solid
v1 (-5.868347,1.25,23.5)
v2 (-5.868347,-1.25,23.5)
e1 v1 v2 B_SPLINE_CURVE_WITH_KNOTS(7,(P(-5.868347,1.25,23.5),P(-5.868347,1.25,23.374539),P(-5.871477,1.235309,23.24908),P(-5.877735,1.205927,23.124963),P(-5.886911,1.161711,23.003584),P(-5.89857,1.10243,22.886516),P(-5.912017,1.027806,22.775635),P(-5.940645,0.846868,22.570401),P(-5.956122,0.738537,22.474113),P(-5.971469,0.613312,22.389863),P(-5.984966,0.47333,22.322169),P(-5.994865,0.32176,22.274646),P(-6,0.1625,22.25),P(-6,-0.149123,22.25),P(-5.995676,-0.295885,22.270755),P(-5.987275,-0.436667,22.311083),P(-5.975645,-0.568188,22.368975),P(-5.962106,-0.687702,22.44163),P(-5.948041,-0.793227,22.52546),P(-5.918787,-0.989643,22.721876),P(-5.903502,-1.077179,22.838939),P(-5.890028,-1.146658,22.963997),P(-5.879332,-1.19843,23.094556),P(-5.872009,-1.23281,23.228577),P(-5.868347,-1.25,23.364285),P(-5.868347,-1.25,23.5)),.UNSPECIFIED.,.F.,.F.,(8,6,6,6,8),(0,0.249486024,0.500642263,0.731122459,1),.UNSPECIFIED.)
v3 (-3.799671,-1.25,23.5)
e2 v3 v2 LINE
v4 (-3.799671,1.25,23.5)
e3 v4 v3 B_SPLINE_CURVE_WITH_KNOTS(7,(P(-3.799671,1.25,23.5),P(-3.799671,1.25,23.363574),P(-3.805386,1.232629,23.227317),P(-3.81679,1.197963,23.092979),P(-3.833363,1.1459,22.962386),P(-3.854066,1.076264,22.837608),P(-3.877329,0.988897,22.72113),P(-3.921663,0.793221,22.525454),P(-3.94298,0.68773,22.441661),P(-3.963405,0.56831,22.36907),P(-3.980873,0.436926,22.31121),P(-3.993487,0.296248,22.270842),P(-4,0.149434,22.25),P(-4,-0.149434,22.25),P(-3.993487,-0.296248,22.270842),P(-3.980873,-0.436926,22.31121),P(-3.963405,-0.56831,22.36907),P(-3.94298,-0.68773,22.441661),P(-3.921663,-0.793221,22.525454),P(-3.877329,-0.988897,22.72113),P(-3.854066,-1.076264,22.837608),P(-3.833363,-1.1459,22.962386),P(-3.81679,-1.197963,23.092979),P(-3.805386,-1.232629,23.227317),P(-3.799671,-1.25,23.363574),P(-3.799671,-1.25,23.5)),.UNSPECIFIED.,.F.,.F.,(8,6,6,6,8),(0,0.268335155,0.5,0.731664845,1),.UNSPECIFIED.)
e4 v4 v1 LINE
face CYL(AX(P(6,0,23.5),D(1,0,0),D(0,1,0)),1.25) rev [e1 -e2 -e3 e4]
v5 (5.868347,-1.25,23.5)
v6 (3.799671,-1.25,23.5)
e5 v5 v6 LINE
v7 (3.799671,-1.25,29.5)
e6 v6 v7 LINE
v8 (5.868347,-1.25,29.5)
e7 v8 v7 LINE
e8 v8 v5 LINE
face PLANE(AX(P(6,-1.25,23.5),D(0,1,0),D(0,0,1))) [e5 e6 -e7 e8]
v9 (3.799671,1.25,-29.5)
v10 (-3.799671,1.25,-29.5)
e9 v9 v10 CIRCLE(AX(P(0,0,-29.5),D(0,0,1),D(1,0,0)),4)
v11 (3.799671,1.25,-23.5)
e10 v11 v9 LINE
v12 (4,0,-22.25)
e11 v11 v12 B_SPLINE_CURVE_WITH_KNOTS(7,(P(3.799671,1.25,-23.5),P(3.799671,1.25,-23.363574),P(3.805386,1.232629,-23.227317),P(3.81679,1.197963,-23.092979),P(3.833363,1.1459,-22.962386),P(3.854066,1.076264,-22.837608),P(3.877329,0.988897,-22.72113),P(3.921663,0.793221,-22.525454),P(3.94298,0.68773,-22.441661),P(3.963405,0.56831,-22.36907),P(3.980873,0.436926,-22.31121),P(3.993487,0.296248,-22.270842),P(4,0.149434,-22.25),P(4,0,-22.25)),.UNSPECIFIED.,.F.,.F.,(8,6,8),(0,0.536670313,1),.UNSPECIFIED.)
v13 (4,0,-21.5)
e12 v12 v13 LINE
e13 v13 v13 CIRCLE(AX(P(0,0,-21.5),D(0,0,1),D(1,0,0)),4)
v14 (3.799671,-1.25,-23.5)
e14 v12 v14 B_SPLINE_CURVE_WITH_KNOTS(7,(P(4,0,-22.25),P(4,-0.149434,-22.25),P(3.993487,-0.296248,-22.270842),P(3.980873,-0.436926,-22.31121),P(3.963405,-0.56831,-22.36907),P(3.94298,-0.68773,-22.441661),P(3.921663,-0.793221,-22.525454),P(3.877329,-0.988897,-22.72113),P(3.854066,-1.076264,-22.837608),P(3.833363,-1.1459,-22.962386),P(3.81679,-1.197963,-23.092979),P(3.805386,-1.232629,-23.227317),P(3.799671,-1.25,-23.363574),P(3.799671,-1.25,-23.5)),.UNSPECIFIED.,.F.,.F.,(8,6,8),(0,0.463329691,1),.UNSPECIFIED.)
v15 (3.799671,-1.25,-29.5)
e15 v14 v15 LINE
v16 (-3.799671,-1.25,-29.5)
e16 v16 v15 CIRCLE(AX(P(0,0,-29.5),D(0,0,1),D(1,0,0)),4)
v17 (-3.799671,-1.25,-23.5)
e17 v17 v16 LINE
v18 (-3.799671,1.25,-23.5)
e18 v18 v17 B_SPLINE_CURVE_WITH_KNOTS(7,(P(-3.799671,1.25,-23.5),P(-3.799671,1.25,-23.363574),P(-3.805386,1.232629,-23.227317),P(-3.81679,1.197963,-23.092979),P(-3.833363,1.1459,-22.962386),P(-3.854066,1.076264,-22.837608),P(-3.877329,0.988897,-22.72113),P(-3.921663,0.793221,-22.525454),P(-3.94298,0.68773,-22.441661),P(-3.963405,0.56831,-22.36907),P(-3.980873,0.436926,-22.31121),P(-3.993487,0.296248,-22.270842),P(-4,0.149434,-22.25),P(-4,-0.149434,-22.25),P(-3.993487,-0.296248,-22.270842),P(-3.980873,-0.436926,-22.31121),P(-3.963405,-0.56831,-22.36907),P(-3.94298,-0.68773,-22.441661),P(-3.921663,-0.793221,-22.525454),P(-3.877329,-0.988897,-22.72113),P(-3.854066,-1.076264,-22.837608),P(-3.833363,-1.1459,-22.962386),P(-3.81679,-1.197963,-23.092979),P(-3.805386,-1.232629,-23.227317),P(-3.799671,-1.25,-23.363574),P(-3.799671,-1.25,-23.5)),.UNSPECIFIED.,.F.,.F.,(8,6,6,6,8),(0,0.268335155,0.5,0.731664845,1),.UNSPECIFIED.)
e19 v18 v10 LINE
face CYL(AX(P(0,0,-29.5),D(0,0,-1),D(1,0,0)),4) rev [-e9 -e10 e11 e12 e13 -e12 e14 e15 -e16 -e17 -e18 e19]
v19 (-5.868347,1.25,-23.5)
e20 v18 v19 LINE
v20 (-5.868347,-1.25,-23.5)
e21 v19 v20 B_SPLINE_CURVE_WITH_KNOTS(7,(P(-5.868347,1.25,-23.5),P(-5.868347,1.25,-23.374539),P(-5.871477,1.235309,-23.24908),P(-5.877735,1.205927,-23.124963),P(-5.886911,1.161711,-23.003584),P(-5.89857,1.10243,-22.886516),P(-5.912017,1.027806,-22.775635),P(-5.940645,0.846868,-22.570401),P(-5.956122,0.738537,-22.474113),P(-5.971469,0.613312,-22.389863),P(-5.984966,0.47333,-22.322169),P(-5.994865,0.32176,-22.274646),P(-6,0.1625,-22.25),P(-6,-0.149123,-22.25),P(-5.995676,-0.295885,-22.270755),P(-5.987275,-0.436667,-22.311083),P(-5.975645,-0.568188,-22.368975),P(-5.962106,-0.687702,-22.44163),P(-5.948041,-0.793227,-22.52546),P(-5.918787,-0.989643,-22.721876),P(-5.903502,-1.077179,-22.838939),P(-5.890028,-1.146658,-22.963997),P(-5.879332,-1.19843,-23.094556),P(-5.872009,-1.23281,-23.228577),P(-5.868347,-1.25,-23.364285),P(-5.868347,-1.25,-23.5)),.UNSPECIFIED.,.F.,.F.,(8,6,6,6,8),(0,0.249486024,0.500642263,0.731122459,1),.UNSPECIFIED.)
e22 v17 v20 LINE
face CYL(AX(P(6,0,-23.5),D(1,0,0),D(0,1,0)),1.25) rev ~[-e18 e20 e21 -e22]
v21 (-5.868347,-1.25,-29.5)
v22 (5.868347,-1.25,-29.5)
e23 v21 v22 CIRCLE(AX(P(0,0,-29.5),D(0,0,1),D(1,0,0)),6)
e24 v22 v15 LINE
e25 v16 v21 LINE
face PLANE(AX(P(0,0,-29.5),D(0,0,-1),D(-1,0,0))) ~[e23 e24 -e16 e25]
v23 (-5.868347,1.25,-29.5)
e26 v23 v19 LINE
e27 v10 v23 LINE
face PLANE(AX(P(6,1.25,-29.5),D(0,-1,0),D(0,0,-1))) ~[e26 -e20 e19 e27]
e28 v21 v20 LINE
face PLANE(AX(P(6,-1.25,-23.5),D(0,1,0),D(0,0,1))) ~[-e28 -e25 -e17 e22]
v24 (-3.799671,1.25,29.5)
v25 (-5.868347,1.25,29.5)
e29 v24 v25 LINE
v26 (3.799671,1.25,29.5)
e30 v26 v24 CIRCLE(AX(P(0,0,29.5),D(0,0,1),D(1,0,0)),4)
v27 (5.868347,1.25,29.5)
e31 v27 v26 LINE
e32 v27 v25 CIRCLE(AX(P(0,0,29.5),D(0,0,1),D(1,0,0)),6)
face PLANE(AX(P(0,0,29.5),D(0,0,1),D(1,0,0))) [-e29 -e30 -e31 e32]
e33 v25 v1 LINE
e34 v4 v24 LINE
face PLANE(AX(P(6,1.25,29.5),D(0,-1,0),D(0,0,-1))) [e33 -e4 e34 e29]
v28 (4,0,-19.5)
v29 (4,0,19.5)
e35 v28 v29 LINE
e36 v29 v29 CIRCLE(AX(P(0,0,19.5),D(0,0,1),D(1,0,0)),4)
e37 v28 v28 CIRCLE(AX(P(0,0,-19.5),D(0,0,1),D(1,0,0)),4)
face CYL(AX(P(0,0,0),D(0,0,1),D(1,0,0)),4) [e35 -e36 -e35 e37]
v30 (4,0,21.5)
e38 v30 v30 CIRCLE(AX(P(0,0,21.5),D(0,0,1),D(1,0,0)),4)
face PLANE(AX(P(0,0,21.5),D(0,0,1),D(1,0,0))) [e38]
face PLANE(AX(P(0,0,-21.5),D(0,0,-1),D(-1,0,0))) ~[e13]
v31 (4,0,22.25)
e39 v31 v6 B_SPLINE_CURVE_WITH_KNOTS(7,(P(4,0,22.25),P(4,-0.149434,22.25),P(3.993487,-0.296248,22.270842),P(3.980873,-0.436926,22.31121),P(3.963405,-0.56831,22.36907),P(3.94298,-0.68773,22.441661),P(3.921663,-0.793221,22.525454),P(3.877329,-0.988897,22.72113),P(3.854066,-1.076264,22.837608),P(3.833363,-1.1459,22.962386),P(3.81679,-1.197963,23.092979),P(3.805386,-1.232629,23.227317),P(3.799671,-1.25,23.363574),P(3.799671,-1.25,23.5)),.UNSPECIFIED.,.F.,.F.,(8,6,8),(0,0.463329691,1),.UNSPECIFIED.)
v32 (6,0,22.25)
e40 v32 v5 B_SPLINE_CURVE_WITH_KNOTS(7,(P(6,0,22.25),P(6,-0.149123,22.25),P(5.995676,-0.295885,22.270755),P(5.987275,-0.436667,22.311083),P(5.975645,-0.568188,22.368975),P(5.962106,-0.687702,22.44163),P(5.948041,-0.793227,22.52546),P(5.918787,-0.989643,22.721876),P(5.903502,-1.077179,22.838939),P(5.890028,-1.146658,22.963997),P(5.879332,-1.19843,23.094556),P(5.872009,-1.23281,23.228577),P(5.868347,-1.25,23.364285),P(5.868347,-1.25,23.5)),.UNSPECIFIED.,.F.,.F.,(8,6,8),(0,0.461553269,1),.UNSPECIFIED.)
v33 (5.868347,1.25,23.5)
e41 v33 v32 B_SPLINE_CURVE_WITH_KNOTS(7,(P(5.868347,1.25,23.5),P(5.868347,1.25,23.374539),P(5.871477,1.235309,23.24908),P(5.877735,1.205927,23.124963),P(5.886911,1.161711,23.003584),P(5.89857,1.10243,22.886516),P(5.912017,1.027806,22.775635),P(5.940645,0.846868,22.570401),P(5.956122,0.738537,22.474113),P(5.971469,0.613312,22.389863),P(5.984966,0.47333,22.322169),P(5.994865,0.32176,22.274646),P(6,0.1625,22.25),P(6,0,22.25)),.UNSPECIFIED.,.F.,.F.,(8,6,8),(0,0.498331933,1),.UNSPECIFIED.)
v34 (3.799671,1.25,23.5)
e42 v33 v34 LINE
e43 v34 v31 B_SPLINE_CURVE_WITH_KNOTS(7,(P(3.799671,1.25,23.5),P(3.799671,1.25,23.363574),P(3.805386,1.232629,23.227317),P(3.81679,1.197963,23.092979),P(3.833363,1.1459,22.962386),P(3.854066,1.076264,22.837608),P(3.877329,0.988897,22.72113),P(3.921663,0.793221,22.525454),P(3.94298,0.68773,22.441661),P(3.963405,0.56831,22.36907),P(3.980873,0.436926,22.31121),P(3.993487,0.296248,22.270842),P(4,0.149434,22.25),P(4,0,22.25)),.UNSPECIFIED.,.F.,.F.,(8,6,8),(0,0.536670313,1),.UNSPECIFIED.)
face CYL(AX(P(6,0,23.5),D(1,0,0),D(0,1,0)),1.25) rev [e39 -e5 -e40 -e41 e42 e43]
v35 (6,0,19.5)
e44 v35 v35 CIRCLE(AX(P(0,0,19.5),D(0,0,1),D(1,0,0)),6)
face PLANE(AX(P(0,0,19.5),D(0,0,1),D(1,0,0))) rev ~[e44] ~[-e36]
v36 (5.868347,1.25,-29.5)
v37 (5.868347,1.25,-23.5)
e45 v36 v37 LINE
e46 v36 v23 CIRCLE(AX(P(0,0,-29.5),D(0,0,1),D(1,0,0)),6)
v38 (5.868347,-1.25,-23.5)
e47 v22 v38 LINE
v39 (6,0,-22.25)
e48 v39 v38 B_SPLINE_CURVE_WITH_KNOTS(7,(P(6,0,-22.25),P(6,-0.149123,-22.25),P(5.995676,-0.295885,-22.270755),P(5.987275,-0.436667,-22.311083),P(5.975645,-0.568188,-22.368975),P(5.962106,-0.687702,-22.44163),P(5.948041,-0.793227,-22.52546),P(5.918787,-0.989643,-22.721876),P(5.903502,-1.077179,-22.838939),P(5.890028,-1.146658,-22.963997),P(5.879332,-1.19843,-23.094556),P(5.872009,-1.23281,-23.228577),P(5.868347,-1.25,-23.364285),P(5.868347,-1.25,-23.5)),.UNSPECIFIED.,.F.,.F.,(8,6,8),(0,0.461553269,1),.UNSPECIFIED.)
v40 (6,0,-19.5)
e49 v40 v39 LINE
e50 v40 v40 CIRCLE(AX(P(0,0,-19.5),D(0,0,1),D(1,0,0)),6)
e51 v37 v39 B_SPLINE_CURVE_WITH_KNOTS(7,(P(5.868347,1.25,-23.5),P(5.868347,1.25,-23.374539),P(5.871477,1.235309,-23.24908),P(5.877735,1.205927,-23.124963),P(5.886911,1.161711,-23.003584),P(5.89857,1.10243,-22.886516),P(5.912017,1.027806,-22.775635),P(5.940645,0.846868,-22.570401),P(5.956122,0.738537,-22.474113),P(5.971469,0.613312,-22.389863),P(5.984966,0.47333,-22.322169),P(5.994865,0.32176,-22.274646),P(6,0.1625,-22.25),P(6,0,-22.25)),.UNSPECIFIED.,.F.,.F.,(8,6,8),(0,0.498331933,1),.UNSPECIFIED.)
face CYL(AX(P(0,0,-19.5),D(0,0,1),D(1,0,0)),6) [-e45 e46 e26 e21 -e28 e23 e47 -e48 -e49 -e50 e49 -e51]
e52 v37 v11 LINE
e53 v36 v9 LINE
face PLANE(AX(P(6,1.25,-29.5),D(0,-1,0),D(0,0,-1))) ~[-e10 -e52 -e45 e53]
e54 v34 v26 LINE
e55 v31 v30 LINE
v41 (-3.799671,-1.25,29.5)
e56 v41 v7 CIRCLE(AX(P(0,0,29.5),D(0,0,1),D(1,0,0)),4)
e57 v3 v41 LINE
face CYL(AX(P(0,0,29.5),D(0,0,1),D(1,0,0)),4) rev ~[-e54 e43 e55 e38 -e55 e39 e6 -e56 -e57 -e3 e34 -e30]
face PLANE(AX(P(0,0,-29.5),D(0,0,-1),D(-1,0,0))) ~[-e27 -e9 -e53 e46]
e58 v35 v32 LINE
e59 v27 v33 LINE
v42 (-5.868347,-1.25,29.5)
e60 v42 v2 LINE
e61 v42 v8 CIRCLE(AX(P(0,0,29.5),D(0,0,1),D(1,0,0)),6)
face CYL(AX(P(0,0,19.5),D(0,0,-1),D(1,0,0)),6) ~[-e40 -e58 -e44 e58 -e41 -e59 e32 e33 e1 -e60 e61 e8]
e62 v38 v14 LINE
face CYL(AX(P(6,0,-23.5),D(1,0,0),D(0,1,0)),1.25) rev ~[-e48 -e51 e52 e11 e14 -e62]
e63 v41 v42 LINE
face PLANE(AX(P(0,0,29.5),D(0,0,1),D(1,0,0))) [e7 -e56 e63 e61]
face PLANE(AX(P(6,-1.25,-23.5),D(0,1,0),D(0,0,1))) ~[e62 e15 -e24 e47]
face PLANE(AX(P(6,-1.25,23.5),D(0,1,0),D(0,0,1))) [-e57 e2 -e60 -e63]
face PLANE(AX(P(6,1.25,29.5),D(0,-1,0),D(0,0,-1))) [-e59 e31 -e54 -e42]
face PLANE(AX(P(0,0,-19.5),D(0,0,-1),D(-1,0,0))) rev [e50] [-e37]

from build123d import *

# Parameters (mm, degrees)
CROQUIS1_R              = 4
SALIENTE_EXTRUIR1_DEPTH = 19.5
CROQUIS2_R              = 6
SALIENTE_EXTRUIR2_DEPTH = 10
CROQUIS3_R              = 4
CORTAR_EXTRUIR1_DEPTH   = 8
CORTAR_EXTRUIR2_DEPTH   = 33.407560846


with BuildPart() as part:
    # Croquis1 → Saliente-Extruir1 (new, symmetric)
    with BuildSketch(Plane.XY):
        Circle(CROQUIS1_R)
    extrude(amount=SALIENTE_EXTRUIR1_DEPTH, both=True)

    # Croquis2 → Saliente-Extruir2 (add)
    with BuildSketch(Plane.XY.offset(19.5)):
        Circle(CROQUIS2_R)
    saliente_extruir2 = extrude(amount=SALIENTE_EXTRUIR2_DEPTH)

    # Croquis3 → Cortar-Extruir1 (cut)
    with BuildSketch(Plane.XY.offset(29.5)):
        Circle(CROQUIS3_R)
    cortar_extruir1 = extrude(amount=-CORTAR_EXTRUIR1_DEPTH, mode=Mode.SUBTRACT)

    # Croquis4 → Cortar-Extruir2 (cut, through all)
    with BuildSketch(Plane(origin=(6, 0, 0), x_dir=(0, 0, -1), z_dir=(1, 0, 0))):
        with BuildLine():
            Line((-29.5, 1.25), (-23.5, 1.25))
            ThreePointArc((-23.5, 1.25), (-22.25, 0), (-23.5, -1.25))
            Line((-23.5, -1.25), (-29.5, -1.25))
            ThreePointArc((-29.5, -1.25), (-30.75, 0), (-29.5, 1.25))
        make_face()
    cortar_extruir2 = extrude(amount=-CORTAR_EXTRUIR2_DEPTH, mode=Mode.SUBTRACT)

    # Simetría2: Saliente-Extruir2, Cortar-Extruir1, Cortar-Extruir2 across plane
    add(saliente_extruir2.mirror(Plane.XY))
    add(cortar_extruir1.mirror(Plane.XY), mode=Mode.SUBTRACT)
    add(cortar_extruir2.mirror(Plane.XY), mode=Mode.SUBTRACT)


solid = part.part
